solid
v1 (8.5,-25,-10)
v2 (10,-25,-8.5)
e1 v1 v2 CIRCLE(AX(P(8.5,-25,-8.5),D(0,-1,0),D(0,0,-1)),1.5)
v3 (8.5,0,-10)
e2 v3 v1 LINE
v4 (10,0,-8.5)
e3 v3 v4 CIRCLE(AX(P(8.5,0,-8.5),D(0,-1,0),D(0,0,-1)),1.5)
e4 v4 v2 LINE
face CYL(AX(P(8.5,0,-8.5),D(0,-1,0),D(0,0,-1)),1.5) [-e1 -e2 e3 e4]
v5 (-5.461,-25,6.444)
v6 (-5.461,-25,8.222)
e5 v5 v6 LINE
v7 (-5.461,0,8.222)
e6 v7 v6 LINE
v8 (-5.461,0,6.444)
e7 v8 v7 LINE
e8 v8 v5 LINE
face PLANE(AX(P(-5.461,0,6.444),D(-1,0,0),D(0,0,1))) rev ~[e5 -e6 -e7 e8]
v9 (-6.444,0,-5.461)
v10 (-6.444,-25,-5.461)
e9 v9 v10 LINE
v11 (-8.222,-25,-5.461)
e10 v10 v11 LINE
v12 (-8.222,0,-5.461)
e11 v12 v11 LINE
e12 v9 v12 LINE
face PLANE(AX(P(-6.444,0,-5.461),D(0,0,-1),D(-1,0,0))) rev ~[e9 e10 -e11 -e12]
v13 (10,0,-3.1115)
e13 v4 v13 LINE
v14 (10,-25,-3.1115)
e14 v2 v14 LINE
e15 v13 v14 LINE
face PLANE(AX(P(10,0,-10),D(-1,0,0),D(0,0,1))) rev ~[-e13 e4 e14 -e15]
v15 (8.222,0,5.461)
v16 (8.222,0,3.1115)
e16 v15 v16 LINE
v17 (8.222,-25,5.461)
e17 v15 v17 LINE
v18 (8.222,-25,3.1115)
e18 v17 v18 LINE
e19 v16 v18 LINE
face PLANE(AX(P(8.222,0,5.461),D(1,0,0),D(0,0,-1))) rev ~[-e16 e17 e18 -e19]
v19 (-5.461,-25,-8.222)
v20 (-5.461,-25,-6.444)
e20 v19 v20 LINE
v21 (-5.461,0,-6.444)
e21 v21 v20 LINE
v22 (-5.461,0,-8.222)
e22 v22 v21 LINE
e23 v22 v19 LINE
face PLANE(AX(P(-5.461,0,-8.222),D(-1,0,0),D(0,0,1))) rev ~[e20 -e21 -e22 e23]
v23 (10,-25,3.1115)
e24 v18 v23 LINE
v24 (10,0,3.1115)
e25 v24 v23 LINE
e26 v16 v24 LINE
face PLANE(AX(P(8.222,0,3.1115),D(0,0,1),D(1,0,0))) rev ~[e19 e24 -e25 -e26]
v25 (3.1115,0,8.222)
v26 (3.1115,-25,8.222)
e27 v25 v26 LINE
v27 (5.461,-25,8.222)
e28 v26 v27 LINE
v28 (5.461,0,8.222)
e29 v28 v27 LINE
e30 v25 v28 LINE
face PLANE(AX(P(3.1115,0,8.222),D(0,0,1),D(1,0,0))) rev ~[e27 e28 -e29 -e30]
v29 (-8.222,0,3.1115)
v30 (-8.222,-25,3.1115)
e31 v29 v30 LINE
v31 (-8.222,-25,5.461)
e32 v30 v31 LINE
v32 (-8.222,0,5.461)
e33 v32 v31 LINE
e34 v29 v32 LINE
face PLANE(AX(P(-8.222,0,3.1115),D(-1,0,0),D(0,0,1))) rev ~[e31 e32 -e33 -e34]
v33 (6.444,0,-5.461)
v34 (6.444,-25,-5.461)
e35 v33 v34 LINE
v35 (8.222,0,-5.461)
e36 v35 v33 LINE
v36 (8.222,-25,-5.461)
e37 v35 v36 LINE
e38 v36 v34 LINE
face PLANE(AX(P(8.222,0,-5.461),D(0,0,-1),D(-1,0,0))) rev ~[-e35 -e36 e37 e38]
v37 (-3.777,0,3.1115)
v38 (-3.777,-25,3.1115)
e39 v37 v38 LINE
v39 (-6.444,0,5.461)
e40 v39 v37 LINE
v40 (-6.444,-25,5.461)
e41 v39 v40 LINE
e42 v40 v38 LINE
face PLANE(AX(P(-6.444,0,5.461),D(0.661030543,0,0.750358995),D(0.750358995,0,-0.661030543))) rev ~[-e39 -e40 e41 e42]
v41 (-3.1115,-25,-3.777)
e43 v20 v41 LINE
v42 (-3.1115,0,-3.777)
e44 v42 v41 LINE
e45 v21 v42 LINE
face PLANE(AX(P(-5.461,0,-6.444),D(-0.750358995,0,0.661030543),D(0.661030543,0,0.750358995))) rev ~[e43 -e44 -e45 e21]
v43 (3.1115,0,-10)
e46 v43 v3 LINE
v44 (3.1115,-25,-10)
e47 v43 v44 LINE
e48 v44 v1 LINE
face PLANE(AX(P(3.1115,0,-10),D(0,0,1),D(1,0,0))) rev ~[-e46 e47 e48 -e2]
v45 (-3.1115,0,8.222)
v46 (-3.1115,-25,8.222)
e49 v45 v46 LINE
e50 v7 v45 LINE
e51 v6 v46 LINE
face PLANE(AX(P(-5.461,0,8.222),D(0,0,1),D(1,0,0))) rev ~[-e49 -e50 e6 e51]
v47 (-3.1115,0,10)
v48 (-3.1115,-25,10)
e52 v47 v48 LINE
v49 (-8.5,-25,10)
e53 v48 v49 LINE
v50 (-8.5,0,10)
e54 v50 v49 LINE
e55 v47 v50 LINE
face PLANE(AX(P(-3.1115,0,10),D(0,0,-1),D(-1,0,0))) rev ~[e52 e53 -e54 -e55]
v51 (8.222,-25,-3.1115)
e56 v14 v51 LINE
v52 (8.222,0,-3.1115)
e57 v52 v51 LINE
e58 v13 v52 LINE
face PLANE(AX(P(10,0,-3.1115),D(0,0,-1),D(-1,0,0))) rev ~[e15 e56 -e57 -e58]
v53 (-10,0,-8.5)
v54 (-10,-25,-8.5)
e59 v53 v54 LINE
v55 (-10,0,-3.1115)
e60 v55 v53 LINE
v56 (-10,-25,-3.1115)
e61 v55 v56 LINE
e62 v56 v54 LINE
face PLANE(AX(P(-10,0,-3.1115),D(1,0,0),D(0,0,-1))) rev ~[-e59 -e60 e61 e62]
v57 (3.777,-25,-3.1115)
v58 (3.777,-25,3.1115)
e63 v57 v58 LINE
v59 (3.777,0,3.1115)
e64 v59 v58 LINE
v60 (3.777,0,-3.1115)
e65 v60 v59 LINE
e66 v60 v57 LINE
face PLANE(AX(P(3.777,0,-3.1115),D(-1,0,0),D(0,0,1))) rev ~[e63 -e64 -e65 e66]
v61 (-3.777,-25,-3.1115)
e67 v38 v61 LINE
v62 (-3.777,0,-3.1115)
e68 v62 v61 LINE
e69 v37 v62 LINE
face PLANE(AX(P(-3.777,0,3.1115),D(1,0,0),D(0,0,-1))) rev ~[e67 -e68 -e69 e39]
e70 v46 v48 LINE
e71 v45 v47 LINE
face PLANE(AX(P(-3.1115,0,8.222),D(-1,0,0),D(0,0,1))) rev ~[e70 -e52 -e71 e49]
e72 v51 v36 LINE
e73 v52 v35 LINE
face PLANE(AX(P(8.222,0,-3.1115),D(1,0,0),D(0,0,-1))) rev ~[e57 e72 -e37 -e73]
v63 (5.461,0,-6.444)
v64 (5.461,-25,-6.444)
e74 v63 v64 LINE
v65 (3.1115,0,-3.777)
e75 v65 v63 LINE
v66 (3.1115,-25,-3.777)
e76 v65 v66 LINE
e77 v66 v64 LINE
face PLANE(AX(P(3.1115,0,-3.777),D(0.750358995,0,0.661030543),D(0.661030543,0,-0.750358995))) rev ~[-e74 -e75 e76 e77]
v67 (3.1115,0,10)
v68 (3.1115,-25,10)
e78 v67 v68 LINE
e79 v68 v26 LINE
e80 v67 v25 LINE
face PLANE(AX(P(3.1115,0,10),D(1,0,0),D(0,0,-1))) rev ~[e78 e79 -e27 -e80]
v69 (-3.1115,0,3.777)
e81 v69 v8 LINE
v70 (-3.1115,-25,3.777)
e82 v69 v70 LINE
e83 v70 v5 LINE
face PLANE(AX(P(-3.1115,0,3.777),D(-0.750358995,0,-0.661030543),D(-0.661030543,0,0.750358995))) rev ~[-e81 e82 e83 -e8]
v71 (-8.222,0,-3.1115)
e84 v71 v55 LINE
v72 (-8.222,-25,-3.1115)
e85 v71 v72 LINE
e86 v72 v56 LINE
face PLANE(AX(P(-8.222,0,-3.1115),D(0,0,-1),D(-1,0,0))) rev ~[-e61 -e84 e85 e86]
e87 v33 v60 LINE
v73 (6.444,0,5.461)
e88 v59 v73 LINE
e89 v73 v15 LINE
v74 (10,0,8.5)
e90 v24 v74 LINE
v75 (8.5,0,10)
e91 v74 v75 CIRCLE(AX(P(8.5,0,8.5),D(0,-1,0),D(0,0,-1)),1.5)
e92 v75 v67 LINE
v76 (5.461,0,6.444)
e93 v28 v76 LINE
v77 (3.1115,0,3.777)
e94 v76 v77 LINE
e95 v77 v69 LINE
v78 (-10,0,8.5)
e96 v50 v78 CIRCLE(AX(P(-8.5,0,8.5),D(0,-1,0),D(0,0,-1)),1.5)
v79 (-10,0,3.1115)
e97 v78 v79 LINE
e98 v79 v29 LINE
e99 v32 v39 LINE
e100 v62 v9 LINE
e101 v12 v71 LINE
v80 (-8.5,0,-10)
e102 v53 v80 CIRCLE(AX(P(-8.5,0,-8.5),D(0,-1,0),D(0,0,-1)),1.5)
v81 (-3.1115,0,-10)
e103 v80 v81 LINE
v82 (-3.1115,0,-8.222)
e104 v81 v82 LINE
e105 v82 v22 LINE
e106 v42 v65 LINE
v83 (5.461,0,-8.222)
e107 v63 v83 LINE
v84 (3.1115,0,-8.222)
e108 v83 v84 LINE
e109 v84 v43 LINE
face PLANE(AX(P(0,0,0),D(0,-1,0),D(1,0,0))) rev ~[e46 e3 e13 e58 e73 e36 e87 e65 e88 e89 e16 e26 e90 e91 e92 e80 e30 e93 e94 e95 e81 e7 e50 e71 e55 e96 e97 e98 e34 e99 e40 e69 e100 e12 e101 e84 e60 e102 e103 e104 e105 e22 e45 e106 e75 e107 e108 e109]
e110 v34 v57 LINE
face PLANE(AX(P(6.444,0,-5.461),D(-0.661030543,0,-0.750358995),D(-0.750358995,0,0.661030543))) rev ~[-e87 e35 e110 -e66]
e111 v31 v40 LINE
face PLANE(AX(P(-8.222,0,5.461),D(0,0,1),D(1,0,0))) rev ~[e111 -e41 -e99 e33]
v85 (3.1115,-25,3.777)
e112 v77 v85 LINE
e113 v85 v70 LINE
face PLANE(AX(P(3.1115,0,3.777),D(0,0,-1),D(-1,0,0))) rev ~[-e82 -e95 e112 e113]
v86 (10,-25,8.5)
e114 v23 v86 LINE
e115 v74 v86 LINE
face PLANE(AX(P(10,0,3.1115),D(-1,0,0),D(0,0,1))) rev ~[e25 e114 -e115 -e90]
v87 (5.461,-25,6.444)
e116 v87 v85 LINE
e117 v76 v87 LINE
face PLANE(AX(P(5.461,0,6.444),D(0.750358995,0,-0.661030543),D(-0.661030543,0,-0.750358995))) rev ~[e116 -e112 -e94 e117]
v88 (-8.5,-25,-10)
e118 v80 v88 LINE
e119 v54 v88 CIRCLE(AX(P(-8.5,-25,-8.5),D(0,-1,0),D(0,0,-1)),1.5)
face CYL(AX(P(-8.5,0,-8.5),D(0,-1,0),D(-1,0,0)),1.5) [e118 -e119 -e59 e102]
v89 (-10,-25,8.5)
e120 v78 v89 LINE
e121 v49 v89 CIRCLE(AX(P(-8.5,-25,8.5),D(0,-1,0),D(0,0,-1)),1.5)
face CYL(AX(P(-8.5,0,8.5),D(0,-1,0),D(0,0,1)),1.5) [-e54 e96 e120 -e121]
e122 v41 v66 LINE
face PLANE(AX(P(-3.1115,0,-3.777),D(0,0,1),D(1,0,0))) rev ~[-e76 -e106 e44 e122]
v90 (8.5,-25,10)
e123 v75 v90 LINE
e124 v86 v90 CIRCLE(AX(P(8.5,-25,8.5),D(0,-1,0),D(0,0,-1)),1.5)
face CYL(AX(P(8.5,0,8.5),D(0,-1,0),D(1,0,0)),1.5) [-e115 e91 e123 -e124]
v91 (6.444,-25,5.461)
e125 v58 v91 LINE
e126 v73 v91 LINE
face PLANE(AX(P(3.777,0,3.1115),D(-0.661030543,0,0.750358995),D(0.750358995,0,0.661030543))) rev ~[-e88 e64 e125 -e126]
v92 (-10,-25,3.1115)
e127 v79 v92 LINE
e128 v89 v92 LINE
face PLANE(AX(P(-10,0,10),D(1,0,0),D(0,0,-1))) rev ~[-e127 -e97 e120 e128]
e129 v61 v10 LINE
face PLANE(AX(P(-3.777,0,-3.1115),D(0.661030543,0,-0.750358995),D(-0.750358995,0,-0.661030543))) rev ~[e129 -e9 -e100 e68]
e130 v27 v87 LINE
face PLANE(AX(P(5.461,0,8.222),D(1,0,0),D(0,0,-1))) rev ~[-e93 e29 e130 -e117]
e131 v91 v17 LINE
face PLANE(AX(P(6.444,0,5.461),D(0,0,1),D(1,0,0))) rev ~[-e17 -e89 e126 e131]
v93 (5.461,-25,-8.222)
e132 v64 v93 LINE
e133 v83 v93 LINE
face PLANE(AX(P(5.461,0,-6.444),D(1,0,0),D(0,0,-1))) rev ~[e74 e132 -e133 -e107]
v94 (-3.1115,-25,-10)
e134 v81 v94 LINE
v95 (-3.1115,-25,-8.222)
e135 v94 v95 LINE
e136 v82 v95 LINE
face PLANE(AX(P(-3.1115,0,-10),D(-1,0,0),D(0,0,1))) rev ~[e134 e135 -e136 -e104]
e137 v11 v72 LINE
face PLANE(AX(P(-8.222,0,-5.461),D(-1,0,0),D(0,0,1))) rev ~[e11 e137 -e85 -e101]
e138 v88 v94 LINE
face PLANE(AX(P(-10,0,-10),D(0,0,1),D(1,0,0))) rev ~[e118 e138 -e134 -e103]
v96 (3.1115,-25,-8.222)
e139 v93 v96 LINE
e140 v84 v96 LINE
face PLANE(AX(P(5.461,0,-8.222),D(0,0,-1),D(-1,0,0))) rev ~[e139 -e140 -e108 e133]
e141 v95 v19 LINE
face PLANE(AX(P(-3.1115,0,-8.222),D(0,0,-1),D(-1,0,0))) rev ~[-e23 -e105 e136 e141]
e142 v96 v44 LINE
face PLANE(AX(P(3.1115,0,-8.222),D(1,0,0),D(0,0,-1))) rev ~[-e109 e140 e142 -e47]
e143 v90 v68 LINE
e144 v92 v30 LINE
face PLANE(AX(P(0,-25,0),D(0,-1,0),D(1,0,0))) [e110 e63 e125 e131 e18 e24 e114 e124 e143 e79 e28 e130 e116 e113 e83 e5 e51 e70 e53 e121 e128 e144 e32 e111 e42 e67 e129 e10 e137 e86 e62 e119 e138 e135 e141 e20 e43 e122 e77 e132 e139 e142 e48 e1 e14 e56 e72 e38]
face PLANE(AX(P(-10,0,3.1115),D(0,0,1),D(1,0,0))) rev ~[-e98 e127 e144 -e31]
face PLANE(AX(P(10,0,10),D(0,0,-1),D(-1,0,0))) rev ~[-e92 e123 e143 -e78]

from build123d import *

# Parameters (mm, degrees)
F1_DEPTH = 25
F2_R     = 1.5


with BuildPart() as f1:
    # F0 (on Front) → F1 (new body)
    with BuildSketch(Plane.XZ):
        Polygon((10, 3.1115), (10, 10), (3.1115, 10), (3.1115, 8.222), (5.461, 8.222), (5.461, 6.444), (3.1115, 3.777), (0, 3.777), (-3.1115, 3.777), (-5.461, 6.444), (-5.461, 8.222), (-3.1115, 8.222), (-3.1115, 10), (-10, 10), (-10, 3.1115), (-8.222, 3.1115), (-8.222, 5.461), (-6.444, 5.461), (-3.777, 3.1115), (-3.777, 0), (-3.777, -3.1115), (-6.444, -5.461), (-8.222, -5.461), (-8.222, -3.1115), (-10, -3.1115), (-10, -10), (-3.1115, -10), (-3.1115, -8.222), (-5.461, -8.222), (-5.461, -6.444), (-3.1115, -3.777), (0, -3.777), (3.1115, -3.777), (5.461, -6.444), (5.461, -8.222), (3.1115, -8.222), (3.1115, -10), (10, -10), (10, -3.1115), (8.222, -3.1115), (8.222, -5.461), (6.444, -5.461), (3.777, -3.1115), (3.777, 0), (3.777, 3.1115), (6.444, 5.461), (8.222, 5.461), (8.222, 3.1115), align=None)
    extrude(amount=F1_DEPTH)

    # F2
    f2_edges = [f1.edges().sort_by_distance(p)[0] for p in [
        (-10, -12.5, 10),
        (10, -12.5, 10),
        (10, -12.5, -10),
        (-10, -12.5, -10),
    ]]
    fillet(f2_edges, radius=F2_R)


solid = f1.part
